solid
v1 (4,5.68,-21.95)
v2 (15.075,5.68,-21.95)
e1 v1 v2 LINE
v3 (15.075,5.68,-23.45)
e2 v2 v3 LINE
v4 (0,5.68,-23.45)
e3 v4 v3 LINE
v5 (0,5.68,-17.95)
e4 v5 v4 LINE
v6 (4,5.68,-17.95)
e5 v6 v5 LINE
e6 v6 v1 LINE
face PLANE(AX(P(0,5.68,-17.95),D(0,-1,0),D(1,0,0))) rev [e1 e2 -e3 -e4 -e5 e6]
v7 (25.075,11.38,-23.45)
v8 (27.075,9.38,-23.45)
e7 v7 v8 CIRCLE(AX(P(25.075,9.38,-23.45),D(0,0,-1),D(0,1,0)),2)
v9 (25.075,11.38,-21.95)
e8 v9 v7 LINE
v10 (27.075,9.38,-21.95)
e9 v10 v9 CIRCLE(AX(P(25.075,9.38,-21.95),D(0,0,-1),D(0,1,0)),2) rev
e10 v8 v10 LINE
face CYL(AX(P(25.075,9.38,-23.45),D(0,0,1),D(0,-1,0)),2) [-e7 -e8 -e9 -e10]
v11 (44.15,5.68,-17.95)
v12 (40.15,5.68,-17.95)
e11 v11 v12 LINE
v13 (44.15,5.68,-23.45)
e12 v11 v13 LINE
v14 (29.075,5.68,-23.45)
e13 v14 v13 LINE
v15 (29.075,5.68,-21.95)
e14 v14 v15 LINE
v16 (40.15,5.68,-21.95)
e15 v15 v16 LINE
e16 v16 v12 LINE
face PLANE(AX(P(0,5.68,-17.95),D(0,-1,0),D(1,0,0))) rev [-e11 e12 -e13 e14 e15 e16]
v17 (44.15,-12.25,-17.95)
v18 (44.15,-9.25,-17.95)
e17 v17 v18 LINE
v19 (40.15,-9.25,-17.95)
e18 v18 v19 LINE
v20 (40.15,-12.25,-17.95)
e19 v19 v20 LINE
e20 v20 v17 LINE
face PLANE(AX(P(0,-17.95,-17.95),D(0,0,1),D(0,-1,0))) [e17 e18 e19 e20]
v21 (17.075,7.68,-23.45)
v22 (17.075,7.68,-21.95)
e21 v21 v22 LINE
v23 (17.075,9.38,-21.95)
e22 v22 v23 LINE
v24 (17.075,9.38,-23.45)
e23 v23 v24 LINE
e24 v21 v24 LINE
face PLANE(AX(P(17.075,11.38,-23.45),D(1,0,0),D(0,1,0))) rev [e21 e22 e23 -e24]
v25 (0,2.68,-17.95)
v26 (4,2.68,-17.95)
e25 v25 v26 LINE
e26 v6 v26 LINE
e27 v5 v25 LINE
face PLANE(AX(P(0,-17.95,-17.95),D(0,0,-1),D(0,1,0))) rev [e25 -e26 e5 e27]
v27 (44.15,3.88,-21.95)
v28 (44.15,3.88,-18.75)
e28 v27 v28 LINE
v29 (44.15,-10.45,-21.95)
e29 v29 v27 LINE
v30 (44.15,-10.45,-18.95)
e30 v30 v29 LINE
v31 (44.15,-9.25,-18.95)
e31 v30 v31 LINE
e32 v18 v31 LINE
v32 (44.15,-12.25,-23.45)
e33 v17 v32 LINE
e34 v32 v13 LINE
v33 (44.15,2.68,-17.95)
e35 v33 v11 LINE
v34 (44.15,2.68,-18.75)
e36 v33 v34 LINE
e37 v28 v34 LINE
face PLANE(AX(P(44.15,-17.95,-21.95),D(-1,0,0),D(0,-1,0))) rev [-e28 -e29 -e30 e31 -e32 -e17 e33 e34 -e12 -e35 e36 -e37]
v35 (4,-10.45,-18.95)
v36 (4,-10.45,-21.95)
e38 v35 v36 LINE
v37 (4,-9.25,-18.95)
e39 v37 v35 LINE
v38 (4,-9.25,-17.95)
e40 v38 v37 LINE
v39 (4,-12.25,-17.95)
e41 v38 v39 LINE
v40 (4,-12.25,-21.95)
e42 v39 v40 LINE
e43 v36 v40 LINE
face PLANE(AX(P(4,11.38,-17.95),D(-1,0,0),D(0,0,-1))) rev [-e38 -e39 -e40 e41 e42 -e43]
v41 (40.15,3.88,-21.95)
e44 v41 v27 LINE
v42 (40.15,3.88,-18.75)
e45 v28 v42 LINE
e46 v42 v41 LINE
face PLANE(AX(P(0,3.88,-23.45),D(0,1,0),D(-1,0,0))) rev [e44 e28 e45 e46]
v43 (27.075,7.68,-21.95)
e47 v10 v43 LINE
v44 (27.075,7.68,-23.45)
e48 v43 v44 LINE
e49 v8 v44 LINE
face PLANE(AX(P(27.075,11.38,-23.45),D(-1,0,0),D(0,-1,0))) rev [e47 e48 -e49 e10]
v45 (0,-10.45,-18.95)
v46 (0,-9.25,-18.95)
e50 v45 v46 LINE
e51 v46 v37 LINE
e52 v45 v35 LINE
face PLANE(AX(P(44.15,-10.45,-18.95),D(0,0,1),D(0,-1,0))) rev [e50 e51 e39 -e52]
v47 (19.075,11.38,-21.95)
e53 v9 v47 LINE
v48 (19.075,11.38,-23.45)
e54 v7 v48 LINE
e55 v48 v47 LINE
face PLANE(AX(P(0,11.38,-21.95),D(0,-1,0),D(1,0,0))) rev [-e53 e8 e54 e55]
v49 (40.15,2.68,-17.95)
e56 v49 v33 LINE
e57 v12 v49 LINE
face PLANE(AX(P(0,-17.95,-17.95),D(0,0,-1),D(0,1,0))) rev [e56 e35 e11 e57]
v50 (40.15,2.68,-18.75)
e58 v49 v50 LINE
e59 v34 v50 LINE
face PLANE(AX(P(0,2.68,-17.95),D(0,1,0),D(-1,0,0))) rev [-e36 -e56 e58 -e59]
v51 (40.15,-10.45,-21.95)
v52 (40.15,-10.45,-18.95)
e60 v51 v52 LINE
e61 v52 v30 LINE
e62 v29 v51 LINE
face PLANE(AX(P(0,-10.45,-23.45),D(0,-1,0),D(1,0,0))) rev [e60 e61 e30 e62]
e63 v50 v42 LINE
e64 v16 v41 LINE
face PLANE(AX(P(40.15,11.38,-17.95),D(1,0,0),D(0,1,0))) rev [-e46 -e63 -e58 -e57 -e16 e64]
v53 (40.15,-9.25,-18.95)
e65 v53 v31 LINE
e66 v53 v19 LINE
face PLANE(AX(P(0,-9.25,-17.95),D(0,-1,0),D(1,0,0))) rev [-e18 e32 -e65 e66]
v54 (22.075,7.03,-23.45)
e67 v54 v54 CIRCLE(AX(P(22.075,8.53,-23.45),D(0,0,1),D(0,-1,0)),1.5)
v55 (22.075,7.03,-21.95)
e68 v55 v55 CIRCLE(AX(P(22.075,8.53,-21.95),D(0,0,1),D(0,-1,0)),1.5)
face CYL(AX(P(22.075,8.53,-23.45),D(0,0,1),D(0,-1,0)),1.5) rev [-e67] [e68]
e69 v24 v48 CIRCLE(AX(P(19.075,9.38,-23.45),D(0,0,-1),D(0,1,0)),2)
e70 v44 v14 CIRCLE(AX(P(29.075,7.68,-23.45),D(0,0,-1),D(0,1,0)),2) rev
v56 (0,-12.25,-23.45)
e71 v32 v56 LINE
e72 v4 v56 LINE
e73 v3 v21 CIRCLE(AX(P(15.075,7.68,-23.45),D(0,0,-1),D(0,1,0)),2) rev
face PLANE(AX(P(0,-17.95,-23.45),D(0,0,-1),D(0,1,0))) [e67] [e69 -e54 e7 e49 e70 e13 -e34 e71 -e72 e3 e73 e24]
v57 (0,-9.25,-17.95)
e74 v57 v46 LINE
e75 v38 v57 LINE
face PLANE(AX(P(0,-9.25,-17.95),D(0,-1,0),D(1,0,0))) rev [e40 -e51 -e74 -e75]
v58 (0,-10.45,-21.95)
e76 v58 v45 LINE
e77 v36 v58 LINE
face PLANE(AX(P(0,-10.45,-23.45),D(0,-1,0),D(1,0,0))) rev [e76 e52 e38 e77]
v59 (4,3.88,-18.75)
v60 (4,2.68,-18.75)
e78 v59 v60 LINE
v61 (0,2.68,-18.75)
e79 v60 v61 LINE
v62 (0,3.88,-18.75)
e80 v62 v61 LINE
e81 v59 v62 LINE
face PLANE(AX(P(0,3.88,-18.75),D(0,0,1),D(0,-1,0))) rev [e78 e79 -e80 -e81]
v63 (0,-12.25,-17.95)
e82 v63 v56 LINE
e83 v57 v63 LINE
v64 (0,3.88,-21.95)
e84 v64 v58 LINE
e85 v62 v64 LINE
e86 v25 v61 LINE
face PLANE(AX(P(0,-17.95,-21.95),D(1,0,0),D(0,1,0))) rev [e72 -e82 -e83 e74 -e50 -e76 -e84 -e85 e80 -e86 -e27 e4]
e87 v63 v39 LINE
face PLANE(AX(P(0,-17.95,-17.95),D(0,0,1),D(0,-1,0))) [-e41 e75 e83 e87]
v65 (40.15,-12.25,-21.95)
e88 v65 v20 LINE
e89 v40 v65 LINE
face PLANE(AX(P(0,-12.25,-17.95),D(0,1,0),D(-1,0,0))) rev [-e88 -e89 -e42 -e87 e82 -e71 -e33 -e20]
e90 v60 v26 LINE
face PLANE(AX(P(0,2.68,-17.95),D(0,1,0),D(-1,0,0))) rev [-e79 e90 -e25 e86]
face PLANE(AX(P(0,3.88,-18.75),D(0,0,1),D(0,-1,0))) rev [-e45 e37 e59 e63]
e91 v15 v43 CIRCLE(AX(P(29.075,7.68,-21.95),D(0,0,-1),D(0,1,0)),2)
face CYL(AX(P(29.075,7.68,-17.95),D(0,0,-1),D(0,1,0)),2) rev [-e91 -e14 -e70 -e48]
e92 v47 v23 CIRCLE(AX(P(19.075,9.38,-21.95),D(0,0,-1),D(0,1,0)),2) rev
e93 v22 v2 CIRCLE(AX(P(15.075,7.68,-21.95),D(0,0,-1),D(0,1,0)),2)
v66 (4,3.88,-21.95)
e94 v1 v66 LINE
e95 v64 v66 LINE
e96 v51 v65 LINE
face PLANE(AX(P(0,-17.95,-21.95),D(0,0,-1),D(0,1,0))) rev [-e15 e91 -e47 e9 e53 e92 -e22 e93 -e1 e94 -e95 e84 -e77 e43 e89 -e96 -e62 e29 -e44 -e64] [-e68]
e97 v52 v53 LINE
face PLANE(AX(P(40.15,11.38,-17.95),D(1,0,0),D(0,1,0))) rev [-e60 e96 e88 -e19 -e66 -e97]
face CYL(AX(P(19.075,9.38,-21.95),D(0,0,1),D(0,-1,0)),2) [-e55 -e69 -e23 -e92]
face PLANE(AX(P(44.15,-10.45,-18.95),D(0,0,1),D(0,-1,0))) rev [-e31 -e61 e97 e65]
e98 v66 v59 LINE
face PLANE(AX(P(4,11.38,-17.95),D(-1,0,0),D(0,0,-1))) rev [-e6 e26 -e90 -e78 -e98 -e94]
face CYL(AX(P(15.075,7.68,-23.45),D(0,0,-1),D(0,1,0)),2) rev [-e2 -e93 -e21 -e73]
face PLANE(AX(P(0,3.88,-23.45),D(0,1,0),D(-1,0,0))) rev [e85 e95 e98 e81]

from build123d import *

# Parameters (mm, degrees)
SKETCH1_W             = 44.15
SKETCH1_H             = 29.33
BOSS_EXTRUDE1_DEPTH   = 1.5
SKETCH2_W             = 44.15
SKETCH2_H             = 3
BOSS_EXTRUDE2_DEPTH   = 4
SKETCH3_W             = 44.15
SKETCH3_H             = 3.2
CUT_EXTRUDE1_DEPTH    = 1.2
SKETCH4_W             = 44.15
SKETCH4_H             = 3
CUT_EXTRUDE2_DEPTH    = 1.2
SKETCH5_R             = 1.5
CUT_EXTRUDE3_DEPTH    = 54.155163437
SKETCH7_W             = 44.15
SKETCH7_H             = 5.7
CUT_EXTRUDE4_DEPTH    = 54.289036396
SKETCH8_W             = 36.15
SKETCH8_H             = 4
CUT_EXTRUDE5_DEPTH    = 51.377072166
SKETCH9_W             = 17.075
SKETCH9_H             = 5.7
CUT_EXTRUDE6_DEPTH    = 54.155163437
FILLET1_R             = 2
BODY_MOVE_COPY1_ANGLE = 90


with BuildPart() as part:
    # Sketch1 → Boss-Extrude1 (new body)
    with BuildSketch(Plane(origin=(0, 0, 0), x_dir=(1, 0, 0), z_dir=(0, 1, 0))):
        with Locations((22.075, 14.665)):
            Rectangle(SKETCH1_W, SKETCH1_H)
    extrude(amount=BOSS_EXTRUDE1_DEPTH)

    # Sketch2 → Boss-Extrude2 (add)
    with BuildSketch(Plane(origin=(0, 1.5, 0), x_dir=(1, 0, 0), z_dir=(0, 1, 0))):
        with Locations((22.075, 22.13)):
            Rectangle(SKETCH2_W, SKETCH2_H)
        with Locations((22.075, 7.2)):
            Rectangle(SKETCH2_W, SKETCH2_H)
    extrude(amount=BOSS_EXTRUDE2_DEPTH)

    # Sketch3 → Cut-Extrude1 (cut)
    with BuildSketch(Plane.XY.offset(-20.63)):
        with Locations((22.075, 3.1)):
            Rectangle(SKETCH3_W, SKETCH3_H)
    extrude(amount=-CUT_EXTRUDE1_DEPTH, mode=Mode.SUBTRACT)

    # Sketch4 → Cut-Extrude2 (cut)
    with BuildSketch(Plane(origin=(0, 0, -8.7), x_dir=(-1, 0, 0), z_dir=(0, 0, -1))):
        with Locations((-22.075, 3)):
            Rectangle(SKETCH4_W, SKETCH4_H)
    extrude(amount=-CUT_EXTRUDE2_DEPTH, mode=Mode.SUBTRACT)

    # Sketch5 → Cut-Extrude3 (cut, through all)
    with BuildSketch(Plane(origin=(0, 1.5, 0), x_dir=(1, 0, 0), z_dir=(0, 1, 0))):
        with Locations(Location((22.075, 26.48, 0), (0, 0, 270))):
            Circle(SKETCH5_R)
        with Locations(Location((22.075, 2.85, 0), (0, 0, 270))):
            Circle(SKETCH5_R)
    extrude(amount=-CUT_EXTRUDE3_DEPTH, mode=Mode.SUBTRACT)

    # Sketch7 → Cut-Extrude4 (cut, through all)
    with BuildSketch(Plane(origin=(0, 0, 0), x_dir=(1, 0, 0), z_dir=(0, 1, 0))):
        with Locations((22.075, 2.85)):
            Rectangle(SKETCH7_W, SKETCH7_H)
    extrude(amount=CUT_EXTRUDE4_DEPTH, mode=Mode.SUBTRACT)

    # Sketch8 → Cut-Extrude5 (cut, through all)
    with BuildSketch(Plane.XY.offset(-5.7)):
        with Locations((22.075, 3.5)):
            Rectangle(SKETCH8_W, SKETCH8_H)
    extrude(amount=-CUT_EXTRUDE5_DEPTH, mode=Mode.SUBTRACT)

    # Sketch9 → Cut-Extrude6 (cut, through all)
    with BuildSketch(Plane(origin=(0, 1.5, 0), x_dir=(1, 0, 0), z_dir=(0, 1, 0))):
        with Locations((8.5375, 26.48)):
            Rectangle(SKETCH9_W, SKETCH9_H)
        with Locations((35.6125, 26.48)):
            Rectangle(SKETCH9_W, SKETCH9_H)
    extrude(amount=-CUT_EXTRUDE6_DEPTH, mode=Mode.SUBTRACT)

    # Fillet1
    fillet1_edges = [part.edges().sort_by_distance(p)[0] for p in [
        (17.075, 0.75, -29.33),
        (17.075, 0.75, -23.63),
        (27.075, 0.75, -29.33),
        (27.075, 0.75, -23.63),
    ]]
    fillet(fillet1_edges, radius=FILLET1_R)


with BuildPart() as part_1:
    # Body-Move/Copy1: moved
    add(part.part.rotate(Axis((0, 2.75, -20.7), (1, 0, 0)), BODY_MOVE_COPY1_ANGLE))


solid = part_1.part
